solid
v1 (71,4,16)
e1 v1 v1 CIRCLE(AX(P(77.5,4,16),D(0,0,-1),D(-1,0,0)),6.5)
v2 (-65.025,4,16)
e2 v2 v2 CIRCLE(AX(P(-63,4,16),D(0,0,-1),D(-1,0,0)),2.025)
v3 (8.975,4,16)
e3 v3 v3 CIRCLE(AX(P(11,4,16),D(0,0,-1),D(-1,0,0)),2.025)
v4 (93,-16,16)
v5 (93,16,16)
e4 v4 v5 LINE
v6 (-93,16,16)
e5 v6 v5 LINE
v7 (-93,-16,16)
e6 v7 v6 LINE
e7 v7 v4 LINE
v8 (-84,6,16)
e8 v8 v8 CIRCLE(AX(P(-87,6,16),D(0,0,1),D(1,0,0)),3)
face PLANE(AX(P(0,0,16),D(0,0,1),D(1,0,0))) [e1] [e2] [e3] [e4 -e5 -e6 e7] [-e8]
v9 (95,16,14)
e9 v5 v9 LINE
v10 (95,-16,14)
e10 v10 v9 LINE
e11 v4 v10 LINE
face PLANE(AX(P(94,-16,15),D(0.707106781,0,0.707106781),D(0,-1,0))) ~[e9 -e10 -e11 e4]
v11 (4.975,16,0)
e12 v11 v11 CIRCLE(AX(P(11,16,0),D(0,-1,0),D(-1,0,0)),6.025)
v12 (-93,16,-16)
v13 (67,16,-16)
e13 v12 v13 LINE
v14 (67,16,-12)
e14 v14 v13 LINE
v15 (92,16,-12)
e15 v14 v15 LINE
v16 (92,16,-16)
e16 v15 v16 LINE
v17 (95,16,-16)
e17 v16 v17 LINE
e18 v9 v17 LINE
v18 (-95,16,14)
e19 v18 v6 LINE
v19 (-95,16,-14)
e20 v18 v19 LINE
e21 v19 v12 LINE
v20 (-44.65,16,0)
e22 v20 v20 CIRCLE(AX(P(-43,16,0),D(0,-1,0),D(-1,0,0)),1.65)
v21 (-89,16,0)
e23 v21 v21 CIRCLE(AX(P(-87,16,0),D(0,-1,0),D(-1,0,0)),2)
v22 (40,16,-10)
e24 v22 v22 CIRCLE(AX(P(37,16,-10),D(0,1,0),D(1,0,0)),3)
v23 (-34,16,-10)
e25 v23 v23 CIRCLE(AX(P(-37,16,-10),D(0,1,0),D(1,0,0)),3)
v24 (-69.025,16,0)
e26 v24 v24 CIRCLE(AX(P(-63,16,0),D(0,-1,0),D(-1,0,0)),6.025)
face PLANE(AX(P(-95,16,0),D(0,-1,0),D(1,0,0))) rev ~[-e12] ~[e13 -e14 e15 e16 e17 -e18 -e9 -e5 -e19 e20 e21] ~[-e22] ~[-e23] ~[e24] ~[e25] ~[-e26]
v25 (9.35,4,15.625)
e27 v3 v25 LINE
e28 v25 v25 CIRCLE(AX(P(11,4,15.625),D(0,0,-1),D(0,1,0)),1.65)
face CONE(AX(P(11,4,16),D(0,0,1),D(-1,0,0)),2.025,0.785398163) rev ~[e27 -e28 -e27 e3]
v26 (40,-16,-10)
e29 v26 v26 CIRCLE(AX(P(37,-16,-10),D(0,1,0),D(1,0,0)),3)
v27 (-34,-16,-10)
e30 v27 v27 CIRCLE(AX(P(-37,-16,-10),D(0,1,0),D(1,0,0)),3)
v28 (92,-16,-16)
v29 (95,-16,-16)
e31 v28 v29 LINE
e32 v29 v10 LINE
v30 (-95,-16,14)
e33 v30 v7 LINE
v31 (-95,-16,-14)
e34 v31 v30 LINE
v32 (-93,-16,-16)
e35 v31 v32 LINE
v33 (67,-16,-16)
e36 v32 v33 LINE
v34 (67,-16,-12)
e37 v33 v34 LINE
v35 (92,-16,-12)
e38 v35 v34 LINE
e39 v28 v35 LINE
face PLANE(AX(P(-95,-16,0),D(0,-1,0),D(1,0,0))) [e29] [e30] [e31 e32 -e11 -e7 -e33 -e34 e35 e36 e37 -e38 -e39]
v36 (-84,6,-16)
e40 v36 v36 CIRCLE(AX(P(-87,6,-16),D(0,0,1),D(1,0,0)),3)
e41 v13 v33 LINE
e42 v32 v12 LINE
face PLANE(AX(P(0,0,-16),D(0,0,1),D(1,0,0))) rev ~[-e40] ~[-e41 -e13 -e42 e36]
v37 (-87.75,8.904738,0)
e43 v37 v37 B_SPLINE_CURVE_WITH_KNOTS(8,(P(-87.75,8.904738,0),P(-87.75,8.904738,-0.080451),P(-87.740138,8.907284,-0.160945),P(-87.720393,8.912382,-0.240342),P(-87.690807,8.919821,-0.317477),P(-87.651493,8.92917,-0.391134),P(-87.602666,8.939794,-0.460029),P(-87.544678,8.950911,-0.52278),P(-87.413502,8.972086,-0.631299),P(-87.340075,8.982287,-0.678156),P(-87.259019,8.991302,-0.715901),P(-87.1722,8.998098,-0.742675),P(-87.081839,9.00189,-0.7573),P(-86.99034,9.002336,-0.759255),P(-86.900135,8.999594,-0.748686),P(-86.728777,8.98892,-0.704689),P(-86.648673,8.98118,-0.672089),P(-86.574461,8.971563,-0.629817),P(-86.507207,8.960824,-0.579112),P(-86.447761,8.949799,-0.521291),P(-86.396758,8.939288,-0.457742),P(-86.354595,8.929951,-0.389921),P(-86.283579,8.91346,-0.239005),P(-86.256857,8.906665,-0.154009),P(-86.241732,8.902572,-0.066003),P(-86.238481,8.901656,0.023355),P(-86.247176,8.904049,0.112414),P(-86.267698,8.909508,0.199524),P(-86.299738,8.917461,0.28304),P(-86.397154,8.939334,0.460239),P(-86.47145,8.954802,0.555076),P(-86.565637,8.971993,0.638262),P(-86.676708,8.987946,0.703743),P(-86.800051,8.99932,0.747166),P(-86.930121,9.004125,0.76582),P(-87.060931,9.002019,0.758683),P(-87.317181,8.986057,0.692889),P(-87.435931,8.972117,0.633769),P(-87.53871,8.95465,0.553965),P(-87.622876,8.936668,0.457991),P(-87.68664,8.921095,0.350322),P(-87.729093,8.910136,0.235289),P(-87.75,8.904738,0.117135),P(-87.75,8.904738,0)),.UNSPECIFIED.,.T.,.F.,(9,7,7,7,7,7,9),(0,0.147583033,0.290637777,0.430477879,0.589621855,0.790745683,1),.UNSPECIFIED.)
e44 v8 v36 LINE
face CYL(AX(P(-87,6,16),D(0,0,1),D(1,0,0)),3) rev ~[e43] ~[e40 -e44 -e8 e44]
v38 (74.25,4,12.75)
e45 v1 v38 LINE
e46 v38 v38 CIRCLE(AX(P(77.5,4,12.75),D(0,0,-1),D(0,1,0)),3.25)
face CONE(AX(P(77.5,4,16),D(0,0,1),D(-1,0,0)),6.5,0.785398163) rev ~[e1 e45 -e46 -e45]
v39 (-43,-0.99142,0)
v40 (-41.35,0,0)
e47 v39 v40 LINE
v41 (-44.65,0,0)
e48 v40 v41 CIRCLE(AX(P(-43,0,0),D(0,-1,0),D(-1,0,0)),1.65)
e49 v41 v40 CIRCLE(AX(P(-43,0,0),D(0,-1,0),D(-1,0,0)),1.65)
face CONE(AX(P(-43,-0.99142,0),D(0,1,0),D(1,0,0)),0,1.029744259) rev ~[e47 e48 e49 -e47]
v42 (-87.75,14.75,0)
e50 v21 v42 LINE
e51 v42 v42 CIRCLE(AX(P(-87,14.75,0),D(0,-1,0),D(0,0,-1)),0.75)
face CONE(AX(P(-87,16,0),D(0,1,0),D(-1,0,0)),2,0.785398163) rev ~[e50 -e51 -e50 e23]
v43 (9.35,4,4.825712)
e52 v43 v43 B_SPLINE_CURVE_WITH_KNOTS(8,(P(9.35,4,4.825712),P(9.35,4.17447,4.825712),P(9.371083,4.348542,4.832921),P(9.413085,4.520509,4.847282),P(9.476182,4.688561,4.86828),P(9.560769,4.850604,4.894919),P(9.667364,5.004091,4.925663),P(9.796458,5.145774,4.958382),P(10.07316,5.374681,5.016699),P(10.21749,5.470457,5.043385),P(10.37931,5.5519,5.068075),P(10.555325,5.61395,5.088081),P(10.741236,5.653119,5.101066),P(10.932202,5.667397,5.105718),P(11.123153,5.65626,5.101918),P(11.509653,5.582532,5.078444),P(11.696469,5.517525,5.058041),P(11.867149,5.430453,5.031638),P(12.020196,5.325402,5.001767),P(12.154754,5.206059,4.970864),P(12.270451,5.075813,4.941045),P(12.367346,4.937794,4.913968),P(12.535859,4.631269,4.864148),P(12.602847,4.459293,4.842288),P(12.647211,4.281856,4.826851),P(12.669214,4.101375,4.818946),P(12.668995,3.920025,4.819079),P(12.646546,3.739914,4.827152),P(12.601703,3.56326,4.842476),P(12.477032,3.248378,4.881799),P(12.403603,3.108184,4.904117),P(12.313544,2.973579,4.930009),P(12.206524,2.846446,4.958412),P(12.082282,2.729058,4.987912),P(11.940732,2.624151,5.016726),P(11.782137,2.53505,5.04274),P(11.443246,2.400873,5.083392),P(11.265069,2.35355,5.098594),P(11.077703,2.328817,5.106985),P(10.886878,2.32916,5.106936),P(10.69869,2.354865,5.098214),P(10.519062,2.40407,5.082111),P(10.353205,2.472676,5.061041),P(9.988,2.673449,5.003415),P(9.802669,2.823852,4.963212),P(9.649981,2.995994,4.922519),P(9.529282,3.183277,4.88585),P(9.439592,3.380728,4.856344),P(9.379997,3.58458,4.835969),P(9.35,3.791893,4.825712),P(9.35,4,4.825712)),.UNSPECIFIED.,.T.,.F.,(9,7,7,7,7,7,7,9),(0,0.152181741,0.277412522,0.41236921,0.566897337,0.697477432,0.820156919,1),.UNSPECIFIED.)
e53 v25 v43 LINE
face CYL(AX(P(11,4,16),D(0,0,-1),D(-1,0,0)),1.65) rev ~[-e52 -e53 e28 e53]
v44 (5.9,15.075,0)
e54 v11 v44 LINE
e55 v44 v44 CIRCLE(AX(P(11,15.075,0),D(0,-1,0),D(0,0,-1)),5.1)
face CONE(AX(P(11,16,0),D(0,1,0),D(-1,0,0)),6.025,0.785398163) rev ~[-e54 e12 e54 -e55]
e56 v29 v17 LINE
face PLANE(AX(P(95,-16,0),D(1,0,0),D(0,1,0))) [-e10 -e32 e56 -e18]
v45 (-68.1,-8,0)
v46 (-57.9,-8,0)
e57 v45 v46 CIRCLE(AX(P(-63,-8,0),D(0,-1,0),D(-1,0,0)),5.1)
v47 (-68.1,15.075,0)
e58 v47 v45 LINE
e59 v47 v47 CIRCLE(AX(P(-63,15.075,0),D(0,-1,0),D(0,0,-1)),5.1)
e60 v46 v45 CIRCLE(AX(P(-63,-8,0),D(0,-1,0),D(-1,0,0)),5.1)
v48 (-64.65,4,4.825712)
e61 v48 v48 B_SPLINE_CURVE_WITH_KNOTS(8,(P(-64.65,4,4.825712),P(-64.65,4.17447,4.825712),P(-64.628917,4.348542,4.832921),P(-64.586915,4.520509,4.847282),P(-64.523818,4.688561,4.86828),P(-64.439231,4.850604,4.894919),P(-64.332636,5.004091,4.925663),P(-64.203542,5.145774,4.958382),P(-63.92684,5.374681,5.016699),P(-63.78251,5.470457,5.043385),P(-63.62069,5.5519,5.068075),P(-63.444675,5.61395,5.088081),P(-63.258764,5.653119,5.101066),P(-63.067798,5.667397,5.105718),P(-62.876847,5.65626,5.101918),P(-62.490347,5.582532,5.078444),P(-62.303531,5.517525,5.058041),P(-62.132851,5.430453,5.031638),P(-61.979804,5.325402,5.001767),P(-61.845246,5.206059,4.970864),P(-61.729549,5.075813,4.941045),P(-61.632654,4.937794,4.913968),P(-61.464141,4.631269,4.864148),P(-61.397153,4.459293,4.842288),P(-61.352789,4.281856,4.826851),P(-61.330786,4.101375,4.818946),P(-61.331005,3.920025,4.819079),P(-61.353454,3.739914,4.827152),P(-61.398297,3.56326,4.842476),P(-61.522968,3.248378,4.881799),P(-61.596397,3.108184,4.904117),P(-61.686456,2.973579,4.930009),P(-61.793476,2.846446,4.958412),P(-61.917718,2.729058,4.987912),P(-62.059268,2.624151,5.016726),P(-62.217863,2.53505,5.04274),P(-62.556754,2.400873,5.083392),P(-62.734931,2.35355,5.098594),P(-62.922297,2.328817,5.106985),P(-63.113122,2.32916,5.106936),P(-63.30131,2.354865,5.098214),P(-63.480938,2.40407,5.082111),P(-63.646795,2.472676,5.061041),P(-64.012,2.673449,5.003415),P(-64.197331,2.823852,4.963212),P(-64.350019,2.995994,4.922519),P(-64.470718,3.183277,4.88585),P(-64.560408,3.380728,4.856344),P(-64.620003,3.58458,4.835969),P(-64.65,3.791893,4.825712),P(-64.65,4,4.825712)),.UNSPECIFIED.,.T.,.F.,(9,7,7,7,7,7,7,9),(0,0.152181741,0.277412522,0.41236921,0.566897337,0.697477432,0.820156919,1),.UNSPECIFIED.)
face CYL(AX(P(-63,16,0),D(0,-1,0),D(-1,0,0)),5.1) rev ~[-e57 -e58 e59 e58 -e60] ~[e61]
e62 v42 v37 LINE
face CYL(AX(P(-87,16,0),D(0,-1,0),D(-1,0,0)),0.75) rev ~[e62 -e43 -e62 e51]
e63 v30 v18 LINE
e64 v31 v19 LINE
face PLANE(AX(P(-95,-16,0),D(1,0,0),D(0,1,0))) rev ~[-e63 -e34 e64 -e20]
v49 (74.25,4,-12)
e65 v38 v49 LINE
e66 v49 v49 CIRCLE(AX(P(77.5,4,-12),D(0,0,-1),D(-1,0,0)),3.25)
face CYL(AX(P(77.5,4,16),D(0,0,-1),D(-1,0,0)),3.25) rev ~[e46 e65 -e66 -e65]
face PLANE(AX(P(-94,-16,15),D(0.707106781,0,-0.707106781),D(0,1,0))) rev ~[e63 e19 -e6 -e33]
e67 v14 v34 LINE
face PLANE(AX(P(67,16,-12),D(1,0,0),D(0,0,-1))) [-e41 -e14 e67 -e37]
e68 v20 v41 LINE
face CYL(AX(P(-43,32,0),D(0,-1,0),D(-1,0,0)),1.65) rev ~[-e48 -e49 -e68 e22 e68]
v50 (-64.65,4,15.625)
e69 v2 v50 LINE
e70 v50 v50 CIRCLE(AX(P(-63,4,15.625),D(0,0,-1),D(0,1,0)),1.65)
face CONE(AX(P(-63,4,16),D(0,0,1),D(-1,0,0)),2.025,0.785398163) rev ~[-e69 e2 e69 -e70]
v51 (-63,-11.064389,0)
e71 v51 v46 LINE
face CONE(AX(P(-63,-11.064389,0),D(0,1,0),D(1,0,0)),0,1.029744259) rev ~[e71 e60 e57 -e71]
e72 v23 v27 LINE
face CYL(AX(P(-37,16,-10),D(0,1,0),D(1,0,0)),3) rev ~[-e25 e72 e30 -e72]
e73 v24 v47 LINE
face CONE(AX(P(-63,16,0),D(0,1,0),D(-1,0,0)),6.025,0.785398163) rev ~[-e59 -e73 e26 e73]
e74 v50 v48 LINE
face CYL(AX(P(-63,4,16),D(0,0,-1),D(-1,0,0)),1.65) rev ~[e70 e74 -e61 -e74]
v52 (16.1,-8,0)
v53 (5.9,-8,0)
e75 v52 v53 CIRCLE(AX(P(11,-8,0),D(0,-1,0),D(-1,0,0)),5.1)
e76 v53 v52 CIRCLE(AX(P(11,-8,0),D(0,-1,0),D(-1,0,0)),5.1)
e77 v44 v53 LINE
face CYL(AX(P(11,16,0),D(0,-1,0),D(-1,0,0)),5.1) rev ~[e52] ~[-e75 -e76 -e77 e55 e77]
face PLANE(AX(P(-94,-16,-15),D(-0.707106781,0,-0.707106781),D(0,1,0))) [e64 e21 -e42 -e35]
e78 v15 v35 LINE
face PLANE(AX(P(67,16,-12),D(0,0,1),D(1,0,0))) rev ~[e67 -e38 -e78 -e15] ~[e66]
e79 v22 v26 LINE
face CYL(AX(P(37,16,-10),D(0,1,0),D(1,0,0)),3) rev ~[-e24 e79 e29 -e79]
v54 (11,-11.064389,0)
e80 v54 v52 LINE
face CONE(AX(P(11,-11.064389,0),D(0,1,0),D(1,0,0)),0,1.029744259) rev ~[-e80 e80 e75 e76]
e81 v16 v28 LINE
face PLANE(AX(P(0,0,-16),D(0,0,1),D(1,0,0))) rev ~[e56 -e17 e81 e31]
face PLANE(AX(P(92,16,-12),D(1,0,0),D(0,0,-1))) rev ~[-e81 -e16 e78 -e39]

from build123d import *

# Parameters (mm, degrees)
SKETCH1_W                                            = 190
SKETCH1_H                                            = 32
BOSS_EXTRUDE1_DEPTH                                  = 16
CHAMFER1_SIZE                                        = 2
SKETCH2_W                                            = 25
SKETCH2_H                                            = 4
CUT_EXTRUDE1_DEPTH                                   = 33
M12_TAPPED_HOLE1_D                                   = 10.2
M12_TAPPED_HOLE1_DEPTH                               = 24
M12_TAPPED_HOLE1_CSINK_D                             = 12.05
M12_TAPPED_HOLE1_CSINK_ANGLE                         = 90
M12_TAPPED_HOLE1_TIP                                 = 3.064389157
M4_TAPPED_HOLE1_D                                    = 3.3
M4_TAPPED_HOLE1_DEPTH                                = 11.5
M4_TAPPED_HOLE1_CSINK_D                              = 4.05
M4_TAPPED_HOLE1_CSINK_ANGLE                          = 90
M4_TAPPED_HOLE1_TIP                                  = 0.991420021
CSK_FOR_M10_COUNTERSUNK_FLAT_HEAD_SCREW1_D           = 6.5
CSK_FOR_M10_COUNTERSUNK_FLAT_HEAD_SCREW1_CSINK_D     = 13
CSK_FOR_M10_COUNTERSUNK_FLAT_HEAD_SCREW1_CSINK_ANGLE = 90
SKETCH12_R                                           = 3
CUT_EXTRUDE2_DEPTH                                   = 33
CSK_FOR_M4_COUNTERSUNK_FLAT_HEAD_SCREW1_D            = 1.5
CSK_FOR_M4_COUNTERSUNK_FLAT_HEAD_SCREW1_DEPTH        = 11.5
CSK_FOR_M4_COUNTERSUNK_FLAT_HEAD_SCREW1_CSINK_D      = 4
CSK_FOR_M4_COUNTERSUNK_FLAT_HEAD_SCREW1_CSINK_ANGLE  = 90
CSK_FOR_M4_COUNTERSUNK_FLAT_HEAD_SCREW1_TIP          = 0.450645464
M4_TAPPED_HOLE2_D                                    = 3.3
M4_TAPPED_HOLE2_DEPTH                                = 16
M4_TAPPED_HOLE2_TIP                                  = 0.991420021
SKETCH19_R                                           = 3
CUT_EXTRUDE3_DEPTH                                   = 33


with BuildPart() as part:
    # Sketch1 → Boss-Extrude1 (new body, symmetric)
    with BuildSketch(Plane.XY):
        Rectangle(SKETCH1_W, SKETCH1_H)
    extrude(amount=BOSS_EXTRUDE1_DEPTH, both=True)

    # Chamfer1
    chamfer1_edges = [part.edges().sort_by_distance(p)[0] for p in [
        (-95, 0, 16),
        (95, 0, 16),
        (-95, 0, -16),
    ]]
    chamfer(chamfer1_edges, length=CHAMFER1_SIZE)

    # Sketch2 → Cut-Extrude1 (cut, through all)
    with BuildSketch(Plane(origin=(0, 16, 0), x_dir=(1, 0, 0), z_dir=(0, 1, 0))):
        with Locations((79.5, 14)):
            Rectangle(SKETCH2_W, SKETCH2_H)
    extrude(amount=-CUT_EXTRUDE1_DEPTH, mode=Mode.SUBTRACT)

    # M12 Tapped Hole1
    with Locations(Plane(origin=(0, 16, 0), x_dir=(1, 0, 0), z_dir=(0, 1, 0))):
        with Locations((-63, 0), (11, 0)):
            CounterSinkHole(M12_TAPPED_HOLE1_D / 2, M12_TAPPED_HOLE1_CSINK_D / 2, depth=M12_TAPPED_HOLE1_DEPTH, counter_sink_angle=M12_TAPPED_HOLE1_CSINK_ANGLE)
            with Locations((0, 0, -(M12_TAPPED_HOLE1_DEPTH + M12_TAPPED_HOLE1_TIP / 2))):  # 118° drill point
                Cone(0, M12_TAPPED_HOLE1_D / 2, M12_TAPPED_HOLE1_TIP, mode=Mode.SUBTRACT)

    # M4 Tapped Hole1
    with Locations(Plane.XY.offset(16)):
        with Locations((-63, 4), (11, 4)):
            CounterSinkHole(M4_TAPPED_HOLE1_D / 2, M4_TAPPED_HOLE1_CSINK_D / 2, depth=M4_TAPPED_HOLE1_DEPTH, counter_sink_angle=M4_TAPPED_HOLE1_CSINK_ANGLE)
            with Locations((0, 0, -(M4_TAPPED_HOLE1_DEPTH + M4_TAPPED_HOLE1_TIP / 2))):  # 118° drill point
                Cone(0, M4_TAPPED_HOLE1_D / 2, M4_TAPPED_HOLE1_TIP, mode=Mode.SUBTRACT)

    # CSK for M10 Countersunk Flat Head Screw1 (through all)
    with Locations(Plane.XY.offset(16)):
        with Locations((77.5, 4)):
            CounterSinkHole(CSK_FOR_M10_COUNTERSUNK_FLAT_HEAD_SCREW1_D / 2, CSK_FOR_M10_COUNTERSUNK_FLAT_HEAD_SCREW1_CSINK_D / 2, counter_sink_angle=CSK_FOR_M10_COUNTERSUNK_FLAT_HEAD_SCREW1_CSINK_ANGLE)

    # Sketch12 → Cut-Extrude2 (cut, through all)
    with BuildSketch(Plane.XY.offset(16)):
        with Locations((-87, 6)):
            Circle(SKETCH12_R)
    extrude(amount=-CUT_EXTRUDE2_DEPTH, mode=Mode.SUBTRACT)

    # CSK for M4 Countersunk Flat Head Screw1
    with Locations(Plane(origin=(0, 16, 0), x_dir=(1, 0, 0), z_dir=(0, 1, 0))):
        with Locations((-87, 0)):
            CounterSinkHole(CSK_FOR_M4_COUNTERSUNK_FLAT_HEAD_SCREW1_D / 2, CSK_FOR_M4_COUNTERSUNK_FLAT_HEAD_SCREW1_CSINK_D / 2, depth=CSK_FOR_M4_COUNTERSUNK_FLAT_HEAD_SCREW1_DEPTH, counter_sink_angle=CSK_FOR_M4_COUNTERSUNK_FLAT_HEAD_SCREW1_CSINK_ANGLE)
            with Locations((0, 0, -(CSK_FOR_M4_COUNTERSUNK_FLAT_HEAD_SCREW1_DEPTH + CSK_FOR_M4_COUNTERSUNK_FLAT_HEAD_SCREW1_TIP / 2))):  # 118° drill point
                Cone(0, CSK_FOR_M4_COUNTERSUNK_FLAT_HEAD_SCREW1_D / 2, CSK_FOR_M4_COUNTERSUNK_FLAT_HEAD_SCREW1_TIP, mode=Mode.SUBTRACT)

    # M4 Tapped Hole2
    with Locations(Plane(origin=(0, 16, 0), x_dir=(1, 0, 0), z_dir=(0, 1, 0))):
        with Locations((-43, 0)):
            Hole(M4_TAPPED_HOLE2_D / 2, depth=M4_TAPPED_HOLE2_DEPTH)
            with Locations((0, 0, -(M4_TAPPED_HOLE2_DEPTH + M4_TAPPED_HOLE2_TIP / 2))):  # 118° drill point
                Cone(0, M4_TAPPED_HOLE2_D / 2, M4_TAPPED_HOLE2_TIP, mode=Mode.SUBTRACT)

    # Sketch19 → Cut-Extrude3 (cut, through all)
    with BuildSketch(Plane(origin=(0, 16, 0), x_dir=(1, 0, 0), z_dir=(0, 1, 0))):
        with Locations((-37, 10)):
            Circle(SKETCH19_R)
        with Locations((37, 10)):
            Circle(SKETCH19_R)
    extrude(amount=-CUT_EXTRUDE3_DEPTH, mode=Mode.SUBTRACT)


solid = part.part
